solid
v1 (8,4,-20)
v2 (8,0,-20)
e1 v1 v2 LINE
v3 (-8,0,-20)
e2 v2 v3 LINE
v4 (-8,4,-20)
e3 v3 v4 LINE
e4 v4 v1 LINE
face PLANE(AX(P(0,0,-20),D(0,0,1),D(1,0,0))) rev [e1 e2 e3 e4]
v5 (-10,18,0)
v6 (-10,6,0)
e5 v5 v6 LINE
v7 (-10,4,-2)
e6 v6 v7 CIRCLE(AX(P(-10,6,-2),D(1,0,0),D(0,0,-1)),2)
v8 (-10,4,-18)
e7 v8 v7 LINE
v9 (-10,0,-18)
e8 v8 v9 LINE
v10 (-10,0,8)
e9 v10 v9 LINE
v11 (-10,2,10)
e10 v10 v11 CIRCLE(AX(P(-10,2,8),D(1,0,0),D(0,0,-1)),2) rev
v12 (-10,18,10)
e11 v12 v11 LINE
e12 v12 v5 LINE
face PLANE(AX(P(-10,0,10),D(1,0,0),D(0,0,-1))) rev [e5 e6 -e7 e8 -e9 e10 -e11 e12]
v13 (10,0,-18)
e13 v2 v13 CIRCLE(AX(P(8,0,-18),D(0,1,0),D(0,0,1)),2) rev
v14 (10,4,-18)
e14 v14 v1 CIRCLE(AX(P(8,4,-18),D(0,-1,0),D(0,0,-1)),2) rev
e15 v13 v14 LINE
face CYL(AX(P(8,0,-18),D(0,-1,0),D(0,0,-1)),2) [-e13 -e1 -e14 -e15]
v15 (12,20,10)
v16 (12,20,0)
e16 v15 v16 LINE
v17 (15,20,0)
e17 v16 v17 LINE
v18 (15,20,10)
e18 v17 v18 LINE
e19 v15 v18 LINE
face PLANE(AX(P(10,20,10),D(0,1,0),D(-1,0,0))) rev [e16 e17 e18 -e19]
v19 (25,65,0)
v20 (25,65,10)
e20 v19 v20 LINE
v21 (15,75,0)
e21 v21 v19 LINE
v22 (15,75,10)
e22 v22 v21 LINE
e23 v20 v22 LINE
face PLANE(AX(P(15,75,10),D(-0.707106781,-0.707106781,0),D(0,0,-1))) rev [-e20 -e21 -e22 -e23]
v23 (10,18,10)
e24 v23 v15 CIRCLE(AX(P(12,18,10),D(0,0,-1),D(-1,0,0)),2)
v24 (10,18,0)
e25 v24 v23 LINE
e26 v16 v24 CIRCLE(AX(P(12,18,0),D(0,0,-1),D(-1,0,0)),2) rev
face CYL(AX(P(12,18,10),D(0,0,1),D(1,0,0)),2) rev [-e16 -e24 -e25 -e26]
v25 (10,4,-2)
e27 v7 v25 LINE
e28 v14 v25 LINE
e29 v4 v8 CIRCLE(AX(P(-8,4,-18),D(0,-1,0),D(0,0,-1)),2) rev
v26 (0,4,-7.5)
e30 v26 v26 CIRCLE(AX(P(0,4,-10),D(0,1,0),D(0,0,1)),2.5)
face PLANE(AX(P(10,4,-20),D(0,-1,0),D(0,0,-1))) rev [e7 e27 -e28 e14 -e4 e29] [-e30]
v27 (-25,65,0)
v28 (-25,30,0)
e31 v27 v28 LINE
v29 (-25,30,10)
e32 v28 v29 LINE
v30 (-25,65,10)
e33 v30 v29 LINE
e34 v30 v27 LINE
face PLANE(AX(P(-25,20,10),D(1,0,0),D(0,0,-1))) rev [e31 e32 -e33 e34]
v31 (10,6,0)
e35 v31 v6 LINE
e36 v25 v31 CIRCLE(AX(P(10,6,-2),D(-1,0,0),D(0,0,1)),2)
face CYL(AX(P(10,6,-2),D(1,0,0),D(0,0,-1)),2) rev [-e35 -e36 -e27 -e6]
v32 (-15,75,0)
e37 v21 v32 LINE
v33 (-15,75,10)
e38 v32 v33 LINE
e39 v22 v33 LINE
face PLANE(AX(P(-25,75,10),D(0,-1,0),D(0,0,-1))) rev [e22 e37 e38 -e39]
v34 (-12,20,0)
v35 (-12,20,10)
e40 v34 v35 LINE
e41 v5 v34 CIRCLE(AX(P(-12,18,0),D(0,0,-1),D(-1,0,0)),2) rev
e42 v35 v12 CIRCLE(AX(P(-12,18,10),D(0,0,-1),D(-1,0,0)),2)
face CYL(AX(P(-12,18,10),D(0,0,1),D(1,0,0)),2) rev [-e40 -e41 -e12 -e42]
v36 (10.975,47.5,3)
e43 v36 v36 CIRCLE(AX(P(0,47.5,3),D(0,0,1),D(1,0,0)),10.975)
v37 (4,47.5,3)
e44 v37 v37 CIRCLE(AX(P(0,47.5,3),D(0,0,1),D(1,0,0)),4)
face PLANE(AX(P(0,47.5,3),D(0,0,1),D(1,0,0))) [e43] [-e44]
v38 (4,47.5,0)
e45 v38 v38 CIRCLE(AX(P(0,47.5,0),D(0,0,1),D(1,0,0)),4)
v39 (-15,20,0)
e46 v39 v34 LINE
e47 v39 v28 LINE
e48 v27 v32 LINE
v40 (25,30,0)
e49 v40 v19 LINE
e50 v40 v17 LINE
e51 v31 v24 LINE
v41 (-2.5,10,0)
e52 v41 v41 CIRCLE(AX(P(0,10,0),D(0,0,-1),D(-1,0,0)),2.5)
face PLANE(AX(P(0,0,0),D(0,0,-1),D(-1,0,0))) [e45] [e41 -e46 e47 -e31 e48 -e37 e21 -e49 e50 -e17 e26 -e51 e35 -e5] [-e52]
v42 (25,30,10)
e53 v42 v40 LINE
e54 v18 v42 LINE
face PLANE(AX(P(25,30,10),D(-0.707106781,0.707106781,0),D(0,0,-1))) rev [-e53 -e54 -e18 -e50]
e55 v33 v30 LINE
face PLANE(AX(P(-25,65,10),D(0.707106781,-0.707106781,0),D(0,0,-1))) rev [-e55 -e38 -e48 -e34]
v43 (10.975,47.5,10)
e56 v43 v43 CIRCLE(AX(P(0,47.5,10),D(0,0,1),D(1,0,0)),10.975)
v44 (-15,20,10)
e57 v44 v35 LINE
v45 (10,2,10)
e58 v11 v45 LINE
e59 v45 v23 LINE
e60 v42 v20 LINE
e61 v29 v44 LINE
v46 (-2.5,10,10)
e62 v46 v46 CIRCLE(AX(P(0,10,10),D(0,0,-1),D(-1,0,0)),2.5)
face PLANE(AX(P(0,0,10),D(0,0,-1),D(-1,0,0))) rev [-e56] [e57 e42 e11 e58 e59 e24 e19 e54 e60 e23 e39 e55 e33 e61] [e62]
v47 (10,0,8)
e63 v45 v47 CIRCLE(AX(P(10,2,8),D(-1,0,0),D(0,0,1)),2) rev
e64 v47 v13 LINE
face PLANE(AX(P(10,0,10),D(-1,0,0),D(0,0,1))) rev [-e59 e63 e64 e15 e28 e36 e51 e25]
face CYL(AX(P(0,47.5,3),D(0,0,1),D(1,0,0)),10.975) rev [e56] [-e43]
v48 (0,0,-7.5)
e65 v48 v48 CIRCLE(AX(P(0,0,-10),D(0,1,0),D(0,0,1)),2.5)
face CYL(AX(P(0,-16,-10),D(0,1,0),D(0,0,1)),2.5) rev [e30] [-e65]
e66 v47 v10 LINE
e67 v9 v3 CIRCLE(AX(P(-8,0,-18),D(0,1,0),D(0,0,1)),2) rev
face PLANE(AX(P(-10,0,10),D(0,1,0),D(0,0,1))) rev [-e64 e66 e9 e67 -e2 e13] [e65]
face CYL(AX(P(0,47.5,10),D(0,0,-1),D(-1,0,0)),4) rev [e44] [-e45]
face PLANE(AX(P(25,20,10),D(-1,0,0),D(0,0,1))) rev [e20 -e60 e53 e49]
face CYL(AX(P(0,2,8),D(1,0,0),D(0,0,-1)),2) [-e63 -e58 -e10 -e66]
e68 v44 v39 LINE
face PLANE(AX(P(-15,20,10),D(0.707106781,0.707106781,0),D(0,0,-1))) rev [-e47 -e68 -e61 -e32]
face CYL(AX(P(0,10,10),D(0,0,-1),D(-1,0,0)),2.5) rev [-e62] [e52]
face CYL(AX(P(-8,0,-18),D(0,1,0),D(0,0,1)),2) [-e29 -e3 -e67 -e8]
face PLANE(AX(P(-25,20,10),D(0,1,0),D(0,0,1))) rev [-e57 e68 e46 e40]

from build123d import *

# Parameters (mm, degrees)
SCHIZZO1_R                   = 4
ESTRUSIONE_ESTRUSIONE1_DEPTH = 10
SMUSSO1_SIZE                 = 10
SCHIZZO3_R                   = 10.975
TAGLIO_ESTRUSIONE1_DEPTH     = 7
SCHIZZO4_W                   = 20
SCHIZZO4_H                   = 4
ESTRUSIONE_ESTRUSIONE2_DEPTH = 20
RACCORDO1_R                  = 2
SCHIZZO5_R                   = 2.5
TAGLIO_ESTRUSIONE2_DEPTH     = 20
SCHIZZO6_R                   = 2.5
TAGLIO_ESTRUSIONE3_DEPTH     = 11


with BuildPart() as part:
    # Schizzo1 → Estrusione-Estrusione1 (new body)
    with BuildSketch(Plane.XY):
        Polygon((-25, 20), (-10, 20), (-10, 0), (10, 0), (10, 20), (25, 20), (25, 75), (-25, 75), align=None)
        with Locations((0, 47.5)):
            Circle(SCHIZZO1_R, mode=Mode.SUBTRACT)
    extrude(amount=ESTRUSIONE_ESTRUSIONE1_DEPTH)

    # Smusso1
    smusso1_edges = [part.edges().sort_by_distance(p)[0] for p in [
        (25, 20, 5),
        (-25, 20, 5),
        (-25, 75, 5),
        (25, 75, 5),
    ]]
    chamfer(smusso1_edges, length=SMUSSO1_SIZE)

    # Schizzo3 → Taglio-Estrusione1 (cut)
    with BuildSketch(Plane.XY.offset(10)):
        with Locations((0, 47.5)):
            Circle(SCHIZZO3_R)
    extrude(amount=-TAGLIO_ESTRUSIONE1_DEPTH, mode=Mode.SUBTRACT)

    # Schizzo4 → Estrusione-Estrusione2 (add)
    with BuildSketch(Plane(origin=(0, 0, 0), x_dir=(-1, 0, 0), z_dir=(0, 0, -1))):
        with Locations((0, 2)):
            Rectangle(SCHIZZO4_W, SCHIZZO4_H)
    extrude(amount=ESTRUSIONE_ESTRUSIONE2_DEPTH)

    # Raccordo1
    raccordo1_edges = [part.edges().sort_by_distance(p)[0] for p in [
        (10, 20, 5),
        (-10, 20, 5),
        (0, 0, 10),
        (0, 4, 0),
        (10, 2, -20),
        (-10, 2, -20),
    ]]
    fillet(raccordo1_edges, radius=RACCORDO1_R)

    # Schizzo5 → Taglio-Estrusione2 (cut)
    with BuildSketch(Plane(origin=(0, 4, 0), x_dir=(1, 0, 0), z_dir=(0, 1, 0))):
        with Locations((0, 10)):
            Circle(SCHIZZO5_R)
    extrude(amount=-TAGLIO_ESTRUSIONE2_DEPTH, mode=Mode.SUBTRACT)

    # Schizzo6 → Taglio-Estrusione3 (cut, through all)
    with BuildSketch(Plane(origin=(0, 0, 0), x_dir=(-1, 0, 0), z_dir=(0, 0, -1))):
        with Locations((0, 10)):
            Circle(SCHIZZO6_R)
    extrude(amount=-TAGLIO_ESTRUSIONE3_DEPTH, mode=Mode.SUBTRACT)


solid = part.part
